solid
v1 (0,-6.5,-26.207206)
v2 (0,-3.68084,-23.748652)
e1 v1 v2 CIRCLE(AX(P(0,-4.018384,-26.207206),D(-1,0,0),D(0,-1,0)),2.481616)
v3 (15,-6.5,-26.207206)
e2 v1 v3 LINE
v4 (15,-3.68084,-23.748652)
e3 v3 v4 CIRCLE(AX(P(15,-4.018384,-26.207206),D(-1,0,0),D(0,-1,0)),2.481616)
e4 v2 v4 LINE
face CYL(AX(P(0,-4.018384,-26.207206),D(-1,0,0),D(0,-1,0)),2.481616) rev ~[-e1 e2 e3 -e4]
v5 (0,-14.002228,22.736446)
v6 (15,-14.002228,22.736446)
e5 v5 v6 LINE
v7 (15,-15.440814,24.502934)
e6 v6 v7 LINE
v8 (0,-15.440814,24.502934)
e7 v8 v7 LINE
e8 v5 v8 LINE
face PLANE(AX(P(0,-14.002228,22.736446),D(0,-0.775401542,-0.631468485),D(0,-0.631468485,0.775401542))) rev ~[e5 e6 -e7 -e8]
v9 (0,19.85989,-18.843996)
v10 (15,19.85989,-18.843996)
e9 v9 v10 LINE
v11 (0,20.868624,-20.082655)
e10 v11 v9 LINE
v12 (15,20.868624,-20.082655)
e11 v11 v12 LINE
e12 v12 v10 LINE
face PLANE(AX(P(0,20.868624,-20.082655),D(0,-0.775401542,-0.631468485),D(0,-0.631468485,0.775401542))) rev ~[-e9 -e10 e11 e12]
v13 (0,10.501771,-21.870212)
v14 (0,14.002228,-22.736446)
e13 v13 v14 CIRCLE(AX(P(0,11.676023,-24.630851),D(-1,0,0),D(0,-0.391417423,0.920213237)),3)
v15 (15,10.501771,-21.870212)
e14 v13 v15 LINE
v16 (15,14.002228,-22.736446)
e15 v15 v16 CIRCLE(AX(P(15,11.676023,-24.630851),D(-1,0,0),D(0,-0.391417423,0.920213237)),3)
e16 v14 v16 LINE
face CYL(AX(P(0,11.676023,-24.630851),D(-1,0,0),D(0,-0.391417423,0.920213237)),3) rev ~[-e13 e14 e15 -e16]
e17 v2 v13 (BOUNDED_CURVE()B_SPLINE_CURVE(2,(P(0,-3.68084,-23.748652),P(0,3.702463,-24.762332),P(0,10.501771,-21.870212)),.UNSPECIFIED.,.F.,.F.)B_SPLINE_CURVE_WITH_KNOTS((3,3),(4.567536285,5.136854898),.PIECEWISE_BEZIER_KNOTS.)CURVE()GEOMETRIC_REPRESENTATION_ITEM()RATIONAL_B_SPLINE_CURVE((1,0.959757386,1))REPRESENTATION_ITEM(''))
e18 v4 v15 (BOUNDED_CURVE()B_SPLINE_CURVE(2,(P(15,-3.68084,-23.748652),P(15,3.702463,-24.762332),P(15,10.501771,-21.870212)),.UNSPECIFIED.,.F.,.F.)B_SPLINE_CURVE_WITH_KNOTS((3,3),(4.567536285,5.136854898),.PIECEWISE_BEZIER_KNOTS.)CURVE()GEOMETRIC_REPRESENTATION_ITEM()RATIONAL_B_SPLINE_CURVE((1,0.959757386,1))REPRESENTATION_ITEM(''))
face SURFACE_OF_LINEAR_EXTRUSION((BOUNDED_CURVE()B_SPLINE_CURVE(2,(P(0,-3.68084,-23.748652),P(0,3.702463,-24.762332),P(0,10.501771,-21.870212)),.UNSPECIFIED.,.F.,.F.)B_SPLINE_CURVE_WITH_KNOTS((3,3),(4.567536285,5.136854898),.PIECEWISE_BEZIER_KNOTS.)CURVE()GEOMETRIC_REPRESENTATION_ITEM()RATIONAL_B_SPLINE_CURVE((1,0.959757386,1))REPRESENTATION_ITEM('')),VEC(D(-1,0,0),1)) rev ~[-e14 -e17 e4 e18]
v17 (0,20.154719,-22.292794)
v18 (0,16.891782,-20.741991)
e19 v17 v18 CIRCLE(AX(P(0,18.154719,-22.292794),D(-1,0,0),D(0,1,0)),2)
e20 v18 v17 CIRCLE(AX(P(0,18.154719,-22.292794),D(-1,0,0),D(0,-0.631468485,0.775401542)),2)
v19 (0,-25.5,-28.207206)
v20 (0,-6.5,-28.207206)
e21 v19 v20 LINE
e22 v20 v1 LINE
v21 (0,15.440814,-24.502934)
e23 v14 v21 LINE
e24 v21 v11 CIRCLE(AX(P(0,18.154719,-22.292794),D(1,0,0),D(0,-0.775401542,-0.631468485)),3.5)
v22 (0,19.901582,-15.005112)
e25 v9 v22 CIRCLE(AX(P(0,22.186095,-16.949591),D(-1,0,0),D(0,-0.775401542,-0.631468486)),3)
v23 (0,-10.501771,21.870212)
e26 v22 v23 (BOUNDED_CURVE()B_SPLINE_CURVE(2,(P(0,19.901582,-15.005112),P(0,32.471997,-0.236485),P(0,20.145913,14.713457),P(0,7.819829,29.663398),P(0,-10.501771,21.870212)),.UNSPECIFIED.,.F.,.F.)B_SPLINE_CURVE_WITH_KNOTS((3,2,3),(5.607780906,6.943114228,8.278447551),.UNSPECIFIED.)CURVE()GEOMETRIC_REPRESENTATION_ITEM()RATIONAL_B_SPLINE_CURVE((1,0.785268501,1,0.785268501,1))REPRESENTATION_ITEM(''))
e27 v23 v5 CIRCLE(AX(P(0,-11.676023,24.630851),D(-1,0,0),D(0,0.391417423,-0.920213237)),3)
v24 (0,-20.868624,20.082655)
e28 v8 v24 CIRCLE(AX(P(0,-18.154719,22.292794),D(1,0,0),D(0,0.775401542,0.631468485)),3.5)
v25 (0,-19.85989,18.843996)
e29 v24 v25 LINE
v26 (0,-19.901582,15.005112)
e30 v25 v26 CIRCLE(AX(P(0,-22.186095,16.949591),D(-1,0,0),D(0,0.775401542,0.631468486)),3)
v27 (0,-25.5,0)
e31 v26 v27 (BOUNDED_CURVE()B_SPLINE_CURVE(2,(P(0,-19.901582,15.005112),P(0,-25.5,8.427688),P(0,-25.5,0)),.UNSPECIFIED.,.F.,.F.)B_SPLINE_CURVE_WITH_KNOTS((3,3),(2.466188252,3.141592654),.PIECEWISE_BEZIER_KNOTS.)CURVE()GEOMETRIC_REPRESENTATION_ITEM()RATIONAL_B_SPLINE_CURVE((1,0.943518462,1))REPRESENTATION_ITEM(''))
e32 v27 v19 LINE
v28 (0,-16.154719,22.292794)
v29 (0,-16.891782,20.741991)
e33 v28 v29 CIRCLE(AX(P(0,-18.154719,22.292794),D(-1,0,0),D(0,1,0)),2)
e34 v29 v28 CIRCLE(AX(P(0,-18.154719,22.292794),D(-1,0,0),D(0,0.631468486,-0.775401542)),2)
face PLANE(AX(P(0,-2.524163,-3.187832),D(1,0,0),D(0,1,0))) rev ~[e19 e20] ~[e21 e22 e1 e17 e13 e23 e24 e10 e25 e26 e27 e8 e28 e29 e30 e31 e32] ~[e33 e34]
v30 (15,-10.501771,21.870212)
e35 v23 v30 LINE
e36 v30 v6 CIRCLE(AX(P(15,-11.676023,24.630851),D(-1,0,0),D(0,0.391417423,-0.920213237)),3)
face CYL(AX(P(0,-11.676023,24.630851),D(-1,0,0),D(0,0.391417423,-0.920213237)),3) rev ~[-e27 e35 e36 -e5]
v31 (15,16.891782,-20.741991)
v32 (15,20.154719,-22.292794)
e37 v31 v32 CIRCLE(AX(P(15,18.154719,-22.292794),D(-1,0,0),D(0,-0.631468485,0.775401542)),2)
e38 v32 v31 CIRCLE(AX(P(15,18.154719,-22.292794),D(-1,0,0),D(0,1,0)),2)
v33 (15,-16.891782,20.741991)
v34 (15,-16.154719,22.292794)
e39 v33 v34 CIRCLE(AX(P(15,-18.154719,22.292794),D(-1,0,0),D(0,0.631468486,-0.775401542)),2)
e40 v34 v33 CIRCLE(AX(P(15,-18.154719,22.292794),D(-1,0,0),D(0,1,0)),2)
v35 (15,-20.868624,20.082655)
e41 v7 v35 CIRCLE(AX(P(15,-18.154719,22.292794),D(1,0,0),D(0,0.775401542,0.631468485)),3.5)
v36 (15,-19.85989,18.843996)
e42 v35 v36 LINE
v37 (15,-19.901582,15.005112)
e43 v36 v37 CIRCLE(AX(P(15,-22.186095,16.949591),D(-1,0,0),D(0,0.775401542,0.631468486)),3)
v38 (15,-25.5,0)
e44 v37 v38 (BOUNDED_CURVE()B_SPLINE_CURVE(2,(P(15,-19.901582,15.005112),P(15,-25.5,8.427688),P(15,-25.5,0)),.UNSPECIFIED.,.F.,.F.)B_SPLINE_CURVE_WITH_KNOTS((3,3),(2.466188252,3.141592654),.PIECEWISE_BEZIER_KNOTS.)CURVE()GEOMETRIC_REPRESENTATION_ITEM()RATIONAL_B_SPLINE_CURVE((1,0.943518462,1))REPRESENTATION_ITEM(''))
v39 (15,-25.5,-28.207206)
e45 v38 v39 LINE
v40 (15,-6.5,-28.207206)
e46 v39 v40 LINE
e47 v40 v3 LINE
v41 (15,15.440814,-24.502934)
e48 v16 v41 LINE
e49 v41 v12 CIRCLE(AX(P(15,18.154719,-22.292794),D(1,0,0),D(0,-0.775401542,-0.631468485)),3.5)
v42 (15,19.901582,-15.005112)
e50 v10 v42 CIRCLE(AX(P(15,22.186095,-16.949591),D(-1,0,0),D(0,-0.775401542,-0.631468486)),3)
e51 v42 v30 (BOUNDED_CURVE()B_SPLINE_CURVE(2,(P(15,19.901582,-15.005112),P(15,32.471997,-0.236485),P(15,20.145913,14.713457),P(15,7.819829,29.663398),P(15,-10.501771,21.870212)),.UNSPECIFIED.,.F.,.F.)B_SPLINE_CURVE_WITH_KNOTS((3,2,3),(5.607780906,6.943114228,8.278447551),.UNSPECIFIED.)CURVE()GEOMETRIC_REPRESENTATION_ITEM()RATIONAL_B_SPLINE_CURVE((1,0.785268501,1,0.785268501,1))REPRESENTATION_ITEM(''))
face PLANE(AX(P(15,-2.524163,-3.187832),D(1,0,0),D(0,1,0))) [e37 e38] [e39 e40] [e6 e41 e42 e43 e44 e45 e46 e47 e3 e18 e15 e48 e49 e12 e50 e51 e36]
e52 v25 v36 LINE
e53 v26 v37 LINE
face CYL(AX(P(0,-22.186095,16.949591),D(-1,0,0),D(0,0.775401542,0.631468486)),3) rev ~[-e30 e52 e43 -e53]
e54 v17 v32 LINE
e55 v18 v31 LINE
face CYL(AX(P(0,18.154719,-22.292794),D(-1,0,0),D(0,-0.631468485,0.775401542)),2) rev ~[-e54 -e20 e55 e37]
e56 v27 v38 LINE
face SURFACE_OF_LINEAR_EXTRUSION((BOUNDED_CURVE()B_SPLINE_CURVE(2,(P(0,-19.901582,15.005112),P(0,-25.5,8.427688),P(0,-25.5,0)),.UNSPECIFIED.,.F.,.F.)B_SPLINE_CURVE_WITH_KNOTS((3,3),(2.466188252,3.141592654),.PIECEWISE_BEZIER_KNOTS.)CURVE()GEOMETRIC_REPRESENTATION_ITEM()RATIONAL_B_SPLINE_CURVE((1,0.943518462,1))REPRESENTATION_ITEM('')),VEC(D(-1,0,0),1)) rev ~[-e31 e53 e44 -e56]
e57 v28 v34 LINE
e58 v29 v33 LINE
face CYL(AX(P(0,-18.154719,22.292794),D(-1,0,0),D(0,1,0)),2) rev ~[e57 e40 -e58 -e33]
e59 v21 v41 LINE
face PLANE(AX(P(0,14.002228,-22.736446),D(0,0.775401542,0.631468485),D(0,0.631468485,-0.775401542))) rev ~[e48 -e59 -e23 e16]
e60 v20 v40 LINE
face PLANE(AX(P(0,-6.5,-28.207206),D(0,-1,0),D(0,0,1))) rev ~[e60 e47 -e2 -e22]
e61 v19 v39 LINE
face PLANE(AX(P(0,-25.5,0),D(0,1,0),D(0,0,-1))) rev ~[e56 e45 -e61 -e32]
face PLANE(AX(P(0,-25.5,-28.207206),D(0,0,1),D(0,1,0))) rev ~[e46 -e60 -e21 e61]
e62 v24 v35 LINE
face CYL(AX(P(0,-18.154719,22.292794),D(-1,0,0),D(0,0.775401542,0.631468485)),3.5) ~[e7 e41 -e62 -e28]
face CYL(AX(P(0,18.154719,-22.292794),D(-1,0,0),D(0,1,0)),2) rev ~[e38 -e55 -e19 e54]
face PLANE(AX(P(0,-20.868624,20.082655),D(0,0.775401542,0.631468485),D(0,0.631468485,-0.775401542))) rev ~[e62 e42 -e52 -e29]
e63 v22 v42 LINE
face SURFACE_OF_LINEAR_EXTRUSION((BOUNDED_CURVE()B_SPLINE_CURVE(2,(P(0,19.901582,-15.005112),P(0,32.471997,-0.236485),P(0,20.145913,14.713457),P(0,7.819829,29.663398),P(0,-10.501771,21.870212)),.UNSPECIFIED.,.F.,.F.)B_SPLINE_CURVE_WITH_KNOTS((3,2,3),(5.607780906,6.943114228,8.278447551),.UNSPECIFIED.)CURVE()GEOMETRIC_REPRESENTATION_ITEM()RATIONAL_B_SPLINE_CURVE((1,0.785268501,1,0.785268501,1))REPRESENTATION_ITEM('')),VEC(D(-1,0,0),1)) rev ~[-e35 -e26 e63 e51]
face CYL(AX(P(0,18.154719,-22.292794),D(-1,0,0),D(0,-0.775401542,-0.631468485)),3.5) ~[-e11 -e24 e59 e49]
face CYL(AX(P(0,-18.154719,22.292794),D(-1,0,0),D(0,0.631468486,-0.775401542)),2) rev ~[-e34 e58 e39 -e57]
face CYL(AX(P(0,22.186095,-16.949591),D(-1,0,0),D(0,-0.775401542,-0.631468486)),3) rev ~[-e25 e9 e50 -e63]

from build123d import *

# Parameters (mm, degrees)
F1_DEPTH = 15


with BuildPart() as f1:
    # F0 (on Right) → F1 (new body)
    with BuildSketch(Plane.YZ):
        with BuildLine():
            ThreePointArc((-6.5, -26.2072056582), (-5.6494517179, -24.3369017185), (-3.6808400649, -23.7486523094))
            add(Edge.make_bspline(
                [(-3.6808400649, -23.7486523094), (3.702462975, -24.7623321152), (10.5017708959, -21.8702115954)],
                knots=[4.5675362851, 4.5675362851, 4.5675362851, 5.1368548975, 5.1368548975, 5.1368548975], degree=2, weights=[1, 0.9597573856, 1]))
            ThreePointArc((10.5017708959, -21.8702115954), (12.3966749561, -21.7186938586), (14.0022277918, -22.736445849))
            Line((14.0022277918, -22.736445849), (15.4408135596, -24.502934041))
            ThreePointArc((15.4408135596, -24.502934041), (20.364858657, -25.0066997399), (20.8686243559, -20.0826546426))
            Line((20.8686243559, -20.0826546426), (19.8598903656, -18.8439960082))
            ThreePointArc((19.8598903656, -18.8439960082), (19.1862718938, -16.9170117814), (19.9015815348, -15.005111634))
            add(Edge.make_bspline(
                [(19.9015815348, -15.005111634), (32.4719972623, -0.2364846057), (20.1459131328, 14.7134567688), (7.8198290034, 29.6633981433), (-10.5017708959, 21.8702115954)],
                knots=[5.6077809056, 5.6077809056, 5.6077809056, 6.9431142283, 6.9431142283, 8.2784475511, 8.2784475511, 8.2784475511], degree=2, weights=[1, 0.7852685014, 1, 0.7852685014, 1]))
            ThreePointArc((-10.5017708959, 21.8702115954), (-12.3966749561, 21.7186938586), (-14.0022277918, 22.736445849))
            Line((-14.0022277918, 22.736445849), (-15.4408135596, 24.502934041))
            ThreePointArc((-15.4408135596, 24.502934041), (-20.364858657, 25.0066997399), (-20.8686243559, 20.0826546426))
            Line((-20.8686243559, 20.0826546426), (-19.8598903656, 18.8439960082))
            ThreePointArc((-19.8598903656, 18.8439960082), (-19.1862718938, 16.9170117814), (-19.9015815348, 15.005111634))
            add(Edge.make_bspline(
                [(-19.9015815348, 15.005111634), (-25.5, 8.4276876209), (-25.5, 0)],
                knots=[2.466188252, 2.466188252, 2.466188252, 3.1415926536, 3.1415926536, 3.1415926536], degree=2, weights=[1, 0.9435184624, 1]))
            Line((-25.5, 0), (-25.5, -28.2072056582))
            Line((-25.5, -28.2072056582), (-6.5, -28.2072056582))
            Line((-6.5, -28.2072056582), (-6.5, -26.2072056582))
        make_face()
        with BuildLine():
            ThreePointArc((16.8917819868, -20.7419912571), (19.0132427076, -20.4864341974), (20.1547189578, -22.2927943418))
            ThreePointArc((20.1547189578, -22.2927943418), (17.2961952079, -24.0991544861), (16.8917819868, -20.7419912571))
        make_face(mode=Mode.SUBTRACT)
        with BuildLine():
            ThreePointArc((-16.8917819868, 20.7419912571), (-19.9610791021, 23.1513180916), (-16.1547189578, 22.2927943418))
            ThreePointArc((-16.1547189578, 22.2927943418), (-16.3483588135, 21.4342705919), (-16.8917819868, 20.7419912571))
        make_face(mode=Mode.SUBTRACT)
    extrude(amount=F1_DEPTH)


solid = f1.part
